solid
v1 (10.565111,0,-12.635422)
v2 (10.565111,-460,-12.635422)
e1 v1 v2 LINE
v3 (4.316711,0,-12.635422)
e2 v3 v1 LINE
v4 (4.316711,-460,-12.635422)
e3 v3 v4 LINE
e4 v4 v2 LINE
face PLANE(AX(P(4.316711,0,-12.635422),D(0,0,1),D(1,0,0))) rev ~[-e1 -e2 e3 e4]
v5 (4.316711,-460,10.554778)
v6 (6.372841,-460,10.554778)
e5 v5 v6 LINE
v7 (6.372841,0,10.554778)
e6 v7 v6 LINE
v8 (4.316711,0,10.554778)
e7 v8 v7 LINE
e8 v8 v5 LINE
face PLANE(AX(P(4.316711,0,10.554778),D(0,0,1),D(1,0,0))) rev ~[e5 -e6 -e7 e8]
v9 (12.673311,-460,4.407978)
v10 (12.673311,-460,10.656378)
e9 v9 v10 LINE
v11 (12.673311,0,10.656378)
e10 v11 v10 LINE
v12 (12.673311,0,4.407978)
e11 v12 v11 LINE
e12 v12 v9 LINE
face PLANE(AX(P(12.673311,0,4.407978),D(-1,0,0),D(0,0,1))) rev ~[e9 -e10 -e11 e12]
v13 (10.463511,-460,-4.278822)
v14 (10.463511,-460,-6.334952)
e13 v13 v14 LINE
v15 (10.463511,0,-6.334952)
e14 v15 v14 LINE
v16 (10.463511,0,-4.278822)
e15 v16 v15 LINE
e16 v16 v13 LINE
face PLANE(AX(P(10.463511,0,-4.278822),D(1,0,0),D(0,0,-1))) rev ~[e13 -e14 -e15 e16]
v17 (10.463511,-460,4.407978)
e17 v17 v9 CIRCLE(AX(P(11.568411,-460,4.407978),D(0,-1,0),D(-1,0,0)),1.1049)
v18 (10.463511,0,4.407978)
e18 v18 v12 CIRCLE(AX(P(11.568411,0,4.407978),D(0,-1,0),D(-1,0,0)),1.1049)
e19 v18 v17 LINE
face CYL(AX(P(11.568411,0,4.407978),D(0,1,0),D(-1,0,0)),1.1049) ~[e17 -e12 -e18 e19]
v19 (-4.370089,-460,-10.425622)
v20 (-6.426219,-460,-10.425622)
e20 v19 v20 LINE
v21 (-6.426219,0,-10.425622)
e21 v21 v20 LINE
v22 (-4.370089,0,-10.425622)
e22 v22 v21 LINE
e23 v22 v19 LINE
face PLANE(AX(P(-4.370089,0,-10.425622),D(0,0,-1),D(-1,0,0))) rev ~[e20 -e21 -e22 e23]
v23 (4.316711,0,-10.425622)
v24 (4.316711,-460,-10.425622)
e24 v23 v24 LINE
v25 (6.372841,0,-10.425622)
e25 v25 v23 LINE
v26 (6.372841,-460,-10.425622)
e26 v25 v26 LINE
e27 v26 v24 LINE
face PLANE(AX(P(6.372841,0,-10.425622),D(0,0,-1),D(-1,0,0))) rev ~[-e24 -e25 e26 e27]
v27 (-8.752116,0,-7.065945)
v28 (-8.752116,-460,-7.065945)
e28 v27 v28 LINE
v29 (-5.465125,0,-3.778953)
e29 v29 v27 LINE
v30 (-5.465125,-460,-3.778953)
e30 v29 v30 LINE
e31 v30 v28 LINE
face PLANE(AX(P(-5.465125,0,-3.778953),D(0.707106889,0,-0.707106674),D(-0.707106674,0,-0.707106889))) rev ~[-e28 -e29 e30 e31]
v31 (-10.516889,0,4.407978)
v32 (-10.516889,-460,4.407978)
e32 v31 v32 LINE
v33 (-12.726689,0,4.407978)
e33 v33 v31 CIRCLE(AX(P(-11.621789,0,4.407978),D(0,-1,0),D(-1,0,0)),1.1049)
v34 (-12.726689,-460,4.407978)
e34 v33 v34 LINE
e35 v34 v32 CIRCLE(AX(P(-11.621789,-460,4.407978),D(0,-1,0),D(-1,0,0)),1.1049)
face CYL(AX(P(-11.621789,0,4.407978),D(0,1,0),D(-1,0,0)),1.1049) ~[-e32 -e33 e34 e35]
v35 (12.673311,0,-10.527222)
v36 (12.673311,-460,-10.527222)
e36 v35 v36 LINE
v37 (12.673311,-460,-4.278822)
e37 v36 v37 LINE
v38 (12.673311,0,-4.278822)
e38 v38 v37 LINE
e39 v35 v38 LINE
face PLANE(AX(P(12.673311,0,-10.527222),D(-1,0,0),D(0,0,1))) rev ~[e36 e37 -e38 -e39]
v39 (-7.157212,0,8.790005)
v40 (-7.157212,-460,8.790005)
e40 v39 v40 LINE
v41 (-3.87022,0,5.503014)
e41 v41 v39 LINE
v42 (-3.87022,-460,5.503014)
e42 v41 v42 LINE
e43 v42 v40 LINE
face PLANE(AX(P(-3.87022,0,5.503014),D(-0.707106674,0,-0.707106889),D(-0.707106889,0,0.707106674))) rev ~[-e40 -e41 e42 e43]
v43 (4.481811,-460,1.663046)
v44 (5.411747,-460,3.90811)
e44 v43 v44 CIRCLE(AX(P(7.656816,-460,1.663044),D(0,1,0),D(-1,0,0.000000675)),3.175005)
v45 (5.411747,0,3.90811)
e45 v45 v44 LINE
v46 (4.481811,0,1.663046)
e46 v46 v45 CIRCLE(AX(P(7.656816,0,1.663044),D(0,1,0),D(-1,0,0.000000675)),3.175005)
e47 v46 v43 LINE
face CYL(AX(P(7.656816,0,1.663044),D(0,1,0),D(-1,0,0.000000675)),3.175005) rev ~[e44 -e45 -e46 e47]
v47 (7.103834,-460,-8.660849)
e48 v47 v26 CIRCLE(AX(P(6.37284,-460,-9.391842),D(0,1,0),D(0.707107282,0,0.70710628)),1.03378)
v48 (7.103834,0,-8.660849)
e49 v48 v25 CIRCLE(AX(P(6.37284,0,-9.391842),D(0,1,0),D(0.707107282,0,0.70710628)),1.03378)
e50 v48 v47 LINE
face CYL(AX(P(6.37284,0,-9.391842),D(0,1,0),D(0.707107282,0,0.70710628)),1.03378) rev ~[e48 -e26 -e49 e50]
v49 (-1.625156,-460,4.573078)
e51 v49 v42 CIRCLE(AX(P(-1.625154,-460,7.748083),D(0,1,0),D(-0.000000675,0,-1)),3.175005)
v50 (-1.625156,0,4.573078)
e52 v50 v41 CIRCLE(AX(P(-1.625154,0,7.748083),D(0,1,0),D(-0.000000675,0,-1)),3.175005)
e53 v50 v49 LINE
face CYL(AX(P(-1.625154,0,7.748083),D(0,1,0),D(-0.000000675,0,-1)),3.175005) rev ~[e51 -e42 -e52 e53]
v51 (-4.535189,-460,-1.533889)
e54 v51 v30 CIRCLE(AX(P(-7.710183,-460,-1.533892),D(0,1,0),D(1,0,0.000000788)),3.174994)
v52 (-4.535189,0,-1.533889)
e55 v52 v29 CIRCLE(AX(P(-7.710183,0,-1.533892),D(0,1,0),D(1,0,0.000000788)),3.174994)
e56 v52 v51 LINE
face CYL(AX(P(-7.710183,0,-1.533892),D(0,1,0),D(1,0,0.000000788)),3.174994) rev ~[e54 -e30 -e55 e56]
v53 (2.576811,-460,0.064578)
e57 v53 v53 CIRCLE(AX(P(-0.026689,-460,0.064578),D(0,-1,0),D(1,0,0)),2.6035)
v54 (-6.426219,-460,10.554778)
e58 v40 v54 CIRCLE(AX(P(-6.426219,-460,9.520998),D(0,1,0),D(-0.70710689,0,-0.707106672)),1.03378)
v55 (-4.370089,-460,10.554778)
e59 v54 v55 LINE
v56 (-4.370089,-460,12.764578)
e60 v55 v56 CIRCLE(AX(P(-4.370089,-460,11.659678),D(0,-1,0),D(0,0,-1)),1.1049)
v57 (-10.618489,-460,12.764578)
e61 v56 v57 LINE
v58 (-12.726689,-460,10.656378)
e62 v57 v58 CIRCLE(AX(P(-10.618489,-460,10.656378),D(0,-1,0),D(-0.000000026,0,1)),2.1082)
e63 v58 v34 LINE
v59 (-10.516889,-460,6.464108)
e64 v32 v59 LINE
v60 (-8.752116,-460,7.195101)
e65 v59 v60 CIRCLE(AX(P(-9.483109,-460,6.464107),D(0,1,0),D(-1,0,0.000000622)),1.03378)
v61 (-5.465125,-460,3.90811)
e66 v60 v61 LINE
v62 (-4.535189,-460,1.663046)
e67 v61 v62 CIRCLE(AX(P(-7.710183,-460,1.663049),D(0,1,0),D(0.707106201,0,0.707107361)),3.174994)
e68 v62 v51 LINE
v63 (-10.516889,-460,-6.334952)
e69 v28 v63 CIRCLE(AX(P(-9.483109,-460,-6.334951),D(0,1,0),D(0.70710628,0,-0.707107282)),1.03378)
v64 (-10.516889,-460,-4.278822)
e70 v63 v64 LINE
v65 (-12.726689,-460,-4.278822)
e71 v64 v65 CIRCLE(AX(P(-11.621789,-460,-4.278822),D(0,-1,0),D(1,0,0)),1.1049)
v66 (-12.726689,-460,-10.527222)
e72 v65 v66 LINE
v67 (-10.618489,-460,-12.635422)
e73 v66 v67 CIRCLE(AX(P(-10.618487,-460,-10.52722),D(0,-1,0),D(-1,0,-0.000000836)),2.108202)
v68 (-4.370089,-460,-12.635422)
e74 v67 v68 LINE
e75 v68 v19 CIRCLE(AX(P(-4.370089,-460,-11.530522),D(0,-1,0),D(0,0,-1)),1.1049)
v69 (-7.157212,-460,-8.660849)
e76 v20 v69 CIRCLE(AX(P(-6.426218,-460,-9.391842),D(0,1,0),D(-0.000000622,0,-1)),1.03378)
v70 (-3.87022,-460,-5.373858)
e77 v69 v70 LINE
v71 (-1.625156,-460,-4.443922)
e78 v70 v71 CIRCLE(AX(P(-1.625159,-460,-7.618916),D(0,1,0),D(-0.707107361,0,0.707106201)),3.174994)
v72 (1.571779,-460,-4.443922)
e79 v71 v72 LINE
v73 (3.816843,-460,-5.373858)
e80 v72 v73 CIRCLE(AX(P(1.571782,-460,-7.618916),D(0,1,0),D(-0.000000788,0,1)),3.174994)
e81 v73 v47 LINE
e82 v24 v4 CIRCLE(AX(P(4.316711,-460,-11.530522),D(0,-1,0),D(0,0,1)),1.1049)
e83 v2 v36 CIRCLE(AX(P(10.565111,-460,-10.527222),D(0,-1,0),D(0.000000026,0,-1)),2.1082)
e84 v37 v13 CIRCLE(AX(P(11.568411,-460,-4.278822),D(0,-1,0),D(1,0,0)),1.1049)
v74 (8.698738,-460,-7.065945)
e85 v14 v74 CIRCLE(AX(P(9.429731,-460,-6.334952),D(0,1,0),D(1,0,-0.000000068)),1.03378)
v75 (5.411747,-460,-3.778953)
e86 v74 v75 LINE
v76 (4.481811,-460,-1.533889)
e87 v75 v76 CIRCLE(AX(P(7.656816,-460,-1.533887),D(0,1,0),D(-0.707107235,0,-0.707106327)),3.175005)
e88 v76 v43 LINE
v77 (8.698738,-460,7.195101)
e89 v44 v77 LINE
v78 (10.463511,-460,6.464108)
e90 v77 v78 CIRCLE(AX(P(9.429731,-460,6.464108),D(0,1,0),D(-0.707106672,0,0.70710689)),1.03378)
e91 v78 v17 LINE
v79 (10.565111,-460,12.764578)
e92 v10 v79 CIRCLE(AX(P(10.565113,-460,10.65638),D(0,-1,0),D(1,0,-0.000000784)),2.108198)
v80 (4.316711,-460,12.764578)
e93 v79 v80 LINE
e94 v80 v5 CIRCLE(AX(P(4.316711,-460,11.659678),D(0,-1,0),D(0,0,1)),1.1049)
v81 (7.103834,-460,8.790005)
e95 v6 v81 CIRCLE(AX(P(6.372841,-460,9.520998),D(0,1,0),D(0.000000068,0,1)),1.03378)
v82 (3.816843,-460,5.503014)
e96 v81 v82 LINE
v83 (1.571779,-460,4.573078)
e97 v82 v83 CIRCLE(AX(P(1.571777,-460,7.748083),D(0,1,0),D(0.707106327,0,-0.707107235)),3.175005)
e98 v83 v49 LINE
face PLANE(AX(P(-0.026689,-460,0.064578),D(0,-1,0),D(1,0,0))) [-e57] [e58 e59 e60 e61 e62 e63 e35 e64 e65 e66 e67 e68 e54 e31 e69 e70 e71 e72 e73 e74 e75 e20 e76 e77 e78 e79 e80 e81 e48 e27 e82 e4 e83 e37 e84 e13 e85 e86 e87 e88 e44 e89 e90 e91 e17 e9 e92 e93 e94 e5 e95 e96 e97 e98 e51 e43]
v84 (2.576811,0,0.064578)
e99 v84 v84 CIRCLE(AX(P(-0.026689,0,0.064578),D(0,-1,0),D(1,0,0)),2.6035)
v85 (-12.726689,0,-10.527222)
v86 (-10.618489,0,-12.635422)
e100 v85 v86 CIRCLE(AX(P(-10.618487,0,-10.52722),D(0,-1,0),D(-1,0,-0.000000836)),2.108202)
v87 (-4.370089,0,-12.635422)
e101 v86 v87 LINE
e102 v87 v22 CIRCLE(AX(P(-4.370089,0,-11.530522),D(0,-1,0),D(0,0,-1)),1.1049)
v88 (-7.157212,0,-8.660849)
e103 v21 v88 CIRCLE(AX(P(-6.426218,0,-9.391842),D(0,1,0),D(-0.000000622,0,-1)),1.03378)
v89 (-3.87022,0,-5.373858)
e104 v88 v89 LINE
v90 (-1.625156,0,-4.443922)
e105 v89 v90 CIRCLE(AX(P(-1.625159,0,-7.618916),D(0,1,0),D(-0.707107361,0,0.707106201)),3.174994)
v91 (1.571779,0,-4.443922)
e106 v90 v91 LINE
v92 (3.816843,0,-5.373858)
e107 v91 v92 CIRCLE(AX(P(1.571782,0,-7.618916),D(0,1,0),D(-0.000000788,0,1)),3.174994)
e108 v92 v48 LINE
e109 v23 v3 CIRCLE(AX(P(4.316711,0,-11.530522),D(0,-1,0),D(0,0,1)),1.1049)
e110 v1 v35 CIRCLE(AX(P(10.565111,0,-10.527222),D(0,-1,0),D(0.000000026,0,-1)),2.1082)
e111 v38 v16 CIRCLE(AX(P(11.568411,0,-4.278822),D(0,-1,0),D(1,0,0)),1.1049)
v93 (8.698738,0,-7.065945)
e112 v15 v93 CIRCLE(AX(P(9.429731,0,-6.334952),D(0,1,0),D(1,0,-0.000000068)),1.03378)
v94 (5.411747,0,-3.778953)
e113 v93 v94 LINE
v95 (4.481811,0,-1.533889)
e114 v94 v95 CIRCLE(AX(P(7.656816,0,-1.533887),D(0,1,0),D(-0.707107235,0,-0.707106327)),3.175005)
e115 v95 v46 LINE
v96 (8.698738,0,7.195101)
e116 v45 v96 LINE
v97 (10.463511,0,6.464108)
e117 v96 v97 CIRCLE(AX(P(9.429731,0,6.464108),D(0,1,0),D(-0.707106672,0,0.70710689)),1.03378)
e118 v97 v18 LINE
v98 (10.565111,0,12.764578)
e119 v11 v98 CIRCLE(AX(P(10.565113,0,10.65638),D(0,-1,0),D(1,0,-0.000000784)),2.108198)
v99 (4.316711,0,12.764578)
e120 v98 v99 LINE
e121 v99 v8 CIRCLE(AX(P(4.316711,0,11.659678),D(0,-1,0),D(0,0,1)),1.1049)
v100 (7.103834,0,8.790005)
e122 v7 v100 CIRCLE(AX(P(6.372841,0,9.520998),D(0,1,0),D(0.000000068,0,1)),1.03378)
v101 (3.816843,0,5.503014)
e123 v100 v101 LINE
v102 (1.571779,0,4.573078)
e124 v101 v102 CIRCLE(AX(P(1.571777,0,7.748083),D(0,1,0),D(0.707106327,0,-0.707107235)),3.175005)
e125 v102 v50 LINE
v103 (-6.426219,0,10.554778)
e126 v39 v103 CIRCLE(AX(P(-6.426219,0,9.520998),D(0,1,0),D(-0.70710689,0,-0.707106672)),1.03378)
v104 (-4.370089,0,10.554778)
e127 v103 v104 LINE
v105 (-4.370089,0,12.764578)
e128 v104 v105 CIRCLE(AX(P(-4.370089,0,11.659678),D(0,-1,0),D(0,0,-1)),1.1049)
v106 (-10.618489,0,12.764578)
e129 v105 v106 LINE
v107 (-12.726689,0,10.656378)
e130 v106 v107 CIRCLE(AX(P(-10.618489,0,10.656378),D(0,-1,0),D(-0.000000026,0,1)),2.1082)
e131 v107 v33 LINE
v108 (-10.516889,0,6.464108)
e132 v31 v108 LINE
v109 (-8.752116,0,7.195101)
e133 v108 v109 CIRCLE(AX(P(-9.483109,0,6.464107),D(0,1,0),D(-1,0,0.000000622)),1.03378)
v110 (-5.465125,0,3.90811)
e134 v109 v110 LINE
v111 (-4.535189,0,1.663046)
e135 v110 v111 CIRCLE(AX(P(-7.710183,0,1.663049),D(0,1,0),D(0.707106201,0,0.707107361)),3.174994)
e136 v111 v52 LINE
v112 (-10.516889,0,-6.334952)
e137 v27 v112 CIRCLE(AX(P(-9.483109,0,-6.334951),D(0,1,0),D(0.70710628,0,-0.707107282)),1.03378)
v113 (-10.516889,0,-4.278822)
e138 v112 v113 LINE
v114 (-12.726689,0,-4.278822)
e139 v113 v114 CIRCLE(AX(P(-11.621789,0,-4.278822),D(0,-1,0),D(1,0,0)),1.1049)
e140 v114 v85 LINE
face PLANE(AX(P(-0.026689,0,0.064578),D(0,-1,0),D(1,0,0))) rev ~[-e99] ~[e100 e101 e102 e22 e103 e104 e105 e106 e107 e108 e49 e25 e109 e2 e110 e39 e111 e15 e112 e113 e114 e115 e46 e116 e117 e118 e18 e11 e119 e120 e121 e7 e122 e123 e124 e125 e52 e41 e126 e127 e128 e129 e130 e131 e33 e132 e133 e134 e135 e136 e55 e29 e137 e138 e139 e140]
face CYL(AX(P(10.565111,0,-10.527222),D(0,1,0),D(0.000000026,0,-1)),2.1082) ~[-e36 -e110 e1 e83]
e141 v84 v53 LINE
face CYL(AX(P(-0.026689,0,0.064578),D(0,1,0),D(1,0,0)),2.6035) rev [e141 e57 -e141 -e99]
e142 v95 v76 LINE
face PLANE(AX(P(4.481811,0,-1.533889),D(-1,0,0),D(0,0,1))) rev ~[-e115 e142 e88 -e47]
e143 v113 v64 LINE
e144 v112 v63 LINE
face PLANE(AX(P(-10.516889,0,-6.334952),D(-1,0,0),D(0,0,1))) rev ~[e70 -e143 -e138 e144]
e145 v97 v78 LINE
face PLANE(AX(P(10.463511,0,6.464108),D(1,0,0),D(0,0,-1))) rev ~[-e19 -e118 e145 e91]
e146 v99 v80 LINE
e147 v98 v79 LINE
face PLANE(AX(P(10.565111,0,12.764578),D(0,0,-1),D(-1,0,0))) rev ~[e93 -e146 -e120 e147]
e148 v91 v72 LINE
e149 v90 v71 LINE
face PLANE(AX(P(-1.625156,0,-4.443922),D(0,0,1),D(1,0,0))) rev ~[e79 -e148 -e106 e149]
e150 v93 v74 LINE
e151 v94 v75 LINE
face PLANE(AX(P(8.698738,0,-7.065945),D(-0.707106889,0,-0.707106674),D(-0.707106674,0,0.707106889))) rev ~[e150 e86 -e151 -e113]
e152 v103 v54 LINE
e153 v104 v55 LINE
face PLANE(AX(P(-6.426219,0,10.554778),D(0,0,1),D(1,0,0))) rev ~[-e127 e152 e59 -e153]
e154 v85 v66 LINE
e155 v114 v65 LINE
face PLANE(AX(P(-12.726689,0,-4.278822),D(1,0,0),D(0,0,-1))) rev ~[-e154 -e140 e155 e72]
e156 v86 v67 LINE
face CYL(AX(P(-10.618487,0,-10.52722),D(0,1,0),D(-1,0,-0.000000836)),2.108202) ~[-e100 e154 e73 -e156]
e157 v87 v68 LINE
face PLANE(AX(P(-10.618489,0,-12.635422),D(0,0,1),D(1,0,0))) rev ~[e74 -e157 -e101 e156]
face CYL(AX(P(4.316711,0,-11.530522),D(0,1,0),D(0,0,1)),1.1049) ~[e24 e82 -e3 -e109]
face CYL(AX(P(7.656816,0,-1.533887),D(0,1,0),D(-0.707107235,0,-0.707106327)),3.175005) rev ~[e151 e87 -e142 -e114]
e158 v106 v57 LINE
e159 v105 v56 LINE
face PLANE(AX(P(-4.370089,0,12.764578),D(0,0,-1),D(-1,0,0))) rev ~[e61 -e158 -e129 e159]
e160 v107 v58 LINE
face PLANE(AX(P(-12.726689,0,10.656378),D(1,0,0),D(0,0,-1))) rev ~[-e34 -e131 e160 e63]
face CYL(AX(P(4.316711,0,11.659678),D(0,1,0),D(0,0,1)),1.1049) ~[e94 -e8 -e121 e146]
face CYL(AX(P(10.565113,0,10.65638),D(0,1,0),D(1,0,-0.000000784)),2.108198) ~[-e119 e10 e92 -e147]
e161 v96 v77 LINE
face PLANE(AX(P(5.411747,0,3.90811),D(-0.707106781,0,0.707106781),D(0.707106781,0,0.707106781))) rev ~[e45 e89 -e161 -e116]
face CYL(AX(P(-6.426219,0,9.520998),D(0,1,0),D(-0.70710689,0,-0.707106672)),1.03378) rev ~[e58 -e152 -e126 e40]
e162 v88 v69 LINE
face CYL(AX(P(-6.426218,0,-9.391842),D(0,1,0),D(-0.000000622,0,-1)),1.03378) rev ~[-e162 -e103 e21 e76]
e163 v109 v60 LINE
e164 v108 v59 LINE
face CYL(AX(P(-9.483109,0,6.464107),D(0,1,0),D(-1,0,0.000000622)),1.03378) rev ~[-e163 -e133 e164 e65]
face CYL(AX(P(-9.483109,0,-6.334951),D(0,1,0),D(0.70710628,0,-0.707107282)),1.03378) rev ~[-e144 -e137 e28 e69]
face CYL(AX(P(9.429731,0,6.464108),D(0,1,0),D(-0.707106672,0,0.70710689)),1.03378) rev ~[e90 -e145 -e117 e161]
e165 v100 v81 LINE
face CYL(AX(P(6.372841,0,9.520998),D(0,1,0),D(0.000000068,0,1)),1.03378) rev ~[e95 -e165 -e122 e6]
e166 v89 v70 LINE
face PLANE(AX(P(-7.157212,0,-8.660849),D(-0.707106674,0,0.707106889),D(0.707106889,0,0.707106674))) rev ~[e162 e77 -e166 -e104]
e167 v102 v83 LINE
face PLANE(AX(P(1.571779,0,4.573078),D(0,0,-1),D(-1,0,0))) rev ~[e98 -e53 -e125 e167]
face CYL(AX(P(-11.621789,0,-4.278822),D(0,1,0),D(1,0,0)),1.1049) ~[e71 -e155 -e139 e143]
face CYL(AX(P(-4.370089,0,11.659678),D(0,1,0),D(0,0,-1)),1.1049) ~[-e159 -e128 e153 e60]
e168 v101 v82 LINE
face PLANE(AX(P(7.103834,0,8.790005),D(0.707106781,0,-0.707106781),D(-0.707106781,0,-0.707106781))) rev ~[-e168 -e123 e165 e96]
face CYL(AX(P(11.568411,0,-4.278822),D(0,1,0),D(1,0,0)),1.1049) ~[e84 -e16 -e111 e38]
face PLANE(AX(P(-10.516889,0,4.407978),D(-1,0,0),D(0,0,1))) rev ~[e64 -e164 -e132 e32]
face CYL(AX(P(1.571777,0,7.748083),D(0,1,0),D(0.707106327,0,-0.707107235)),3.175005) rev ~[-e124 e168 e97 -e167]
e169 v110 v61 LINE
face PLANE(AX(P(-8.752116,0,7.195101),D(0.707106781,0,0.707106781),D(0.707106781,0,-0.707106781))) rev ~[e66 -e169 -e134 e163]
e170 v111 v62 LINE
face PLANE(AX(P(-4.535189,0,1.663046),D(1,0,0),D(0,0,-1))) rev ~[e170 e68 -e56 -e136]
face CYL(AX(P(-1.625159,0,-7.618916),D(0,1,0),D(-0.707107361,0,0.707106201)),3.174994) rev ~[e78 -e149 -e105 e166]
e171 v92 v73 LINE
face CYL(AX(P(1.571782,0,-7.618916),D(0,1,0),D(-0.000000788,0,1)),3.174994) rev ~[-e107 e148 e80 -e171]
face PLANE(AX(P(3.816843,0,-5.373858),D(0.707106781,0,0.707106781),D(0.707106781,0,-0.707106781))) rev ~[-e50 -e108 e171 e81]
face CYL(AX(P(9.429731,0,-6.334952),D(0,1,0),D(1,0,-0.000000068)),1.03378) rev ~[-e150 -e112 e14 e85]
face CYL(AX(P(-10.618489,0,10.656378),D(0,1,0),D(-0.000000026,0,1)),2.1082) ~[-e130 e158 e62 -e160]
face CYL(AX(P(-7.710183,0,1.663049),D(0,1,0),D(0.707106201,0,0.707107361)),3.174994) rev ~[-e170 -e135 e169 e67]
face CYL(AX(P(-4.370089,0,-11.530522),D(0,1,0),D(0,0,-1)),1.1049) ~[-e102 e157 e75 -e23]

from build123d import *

# Parameters (mm, degrees)
F0_R     = 2.6035
F1_DEPTH = 460


with BuildPart() as f1:
    # F0 (on Front) → F1 (new body)
    with BuildSketch(Plane.XZ):
        with BuildLine():
            Line((-4.370089, 12.764578), (-10.618489, 12.764578))
            ThreePointArc((-10.618489, 12.764578), (-12.109211, 12.147101), (-12.726689, 10.656378))
            Line((-12.726689, 10.656378), (-12.726689, 4.407978))
            ThreePointArc((-12.726689, 4.407978), (-11.621789, 3.303078), (-10.516889, 4.407978))
            Line((-10.516889, 4.407978), (-10.516889, 6.464108))
            ThreePointArc((-10.516889, 6.464108), (-9.878719, 7.419196), (-8.752116, 7.195101))
            Line((-8.752116, 7.195101), (-5.465125, 3.90811))
            ThreePointArc((-5.465125, 3.90811), (-4.776871, 2.878066), (-4.535189, 1.663046))
            Line((-4.535189, 1.663046), (-4.535189, -1.533889))
            ThreePointArc((-4.535189, -1.533889), (-4.776871, -2.748909), (-5.465125, -3.778953))
            Line((-5.465125, -3.778953), (-8.752116, -7.065945))
            ThreePointArc((-8.752116, -7.065945), (-9.878719, -7.29004), (-10.516889, -6.334952))
            Line((-10.516889, -6.334952), (-10.516889, -4.278822))
            ThreePointArc((-10.516889, -4.278822), (-11.621789, -3.173922), (-12.726689, -4.278822))
            Line((-12.726689, -4.278822), (-12.726689, -10.527222))
            ThreePointArc((-12.726689, -10.527222), (-12.109211, -12.017944), (-10.618489, -12.635422))
            Line((-10.618489, -12.635422), (-4.370089, -12.635422))
            ThreePointArc((-4.370089, -12.635422), (-3.265189, -11.530522), (-4.370089, -10.425622))
            Line((-4.370089, -10.425622), (-6.426219, -10.425622))
            ThreePointArc((-6.426219, -10.425622), (-7.381307, -9.787452), (-7.157212, -8.660849))
            Line((-7.157212, -8.660849), (-3.87022, -5.373858))
            ThreePointArc((-3.87022, -5.373858), (-2.840176, -4.685604), (-1.625156, -4.443922))
            Line((-1.625156, -4.443922), (1.571779, -4.443922))
            ThreePointArc((1.571779, -4.443922), (2.786799, -4.685604), (3.816843, -5.373858))
            Line((3.816843, -5.373858), (7.103834, -8.660849))
            ThreePointArc((7.103834, -8.660849), (7.327929, -9.787452), (6.372841, -10.425622))
            Line((6.372841, -10.425622), (4.316711, -10.425622))
            ThreePointArc((4.316711, -10.425622), (3.211811, -11.530522), (4.316711, -12.635422))
            Line((4.316711, -12.635422), (10.565111, -12.635422))
            ThreePointArc((10.565111, -12.635422), (12.055834, -12.017944), (12.673311, -10.527222))
            Line((12.673311, -10.527222), (12.673311, -4.278822))
            ThreePointArc((12.673311, -4.278822), (11.568411, -3.173922), (10.463511, -4.278822))
            Line((10.463511, -4.278822), (10.463511, -6.334952))
            ThreePointArc((10.463511, -6.334952), (9.825342, -7.29004), (8.698738, -7.065945))
            Line((8.698738, -7.065945), (5.411747, -3.778953))
            ThreePointArc((5.411747, -3.778953), (4.723494, -2.748909), (4.481811, -1.533889))
            Line((4.481811, -1.533889), (4.481811, 1.663046))
            ThreePointArc((4.481811, 1.663046), (4.723494, 2.878066), (5.411747, 3.90811))
            Line((5.411747, 3.90811), (8.698738, 7.195101))
            ThreePointArc((8.698738, 7.195101), (9.825342, 7.419196), (10.463511, 6.464108))
            Line((10.463511, 6.464108), (10.463511, 4.407978))
            ThreePointArc((10.463511, 4.407978), (11.568411, 3.303078), (12.673311, 4.407978))
            Line((12.673311, 4.407978), (12.673311, 10.656378))
            ThreePointArc((12.673311, 10.656378), (12.055834, 12.147101), (10.565111, 12.764578))
            Line((10.565111, 12.764578), (4.316711, 12.764578))
            ThreePointArc((4.316711, 12.764578), (3.211811, 11.659678), (4.316711, 10.554778))
            Line((4.316711, 10.554778), (6.372841, 10.554778))
            ThreePointArc((6.372841, 10.554778), (7.327929, 9.916609), (7.103834, 8.790005))
            Line((7.103834, 8.790005), (3.816843, 5.503014))
            ThreePointArc((3.816843, 5.503014), (2.786799, 4.814761), (1.571779, 4.573078))
            Line((1.571779, 4.573078), (-1.625156, 4.573078))
            ThreePointArc((-1.625156, 4.573078), (-2.840176, 4.814761), (-3.87022, 5.503014))
            Line((-3.87022, 5.503014), (-7.157212, 8.790005))
            ThreePointArc((-7.157212, 8.790005), (-7.381307, 9.916609), (-6.426219, 10.554778))
            Line((-6.426219, 10.554778), (-4.370089, 10.554778))
            ThreePointArc((-4.370089, 10.554778), (-3.265189, 11.659678), (-4.370089, 12.764578))
        make_face()
        with Locations((-0.026689, 0.064578)):
            Circle(F0_R, mode=Mode.SUBTRACT)
    extrude(amount=F1_DEPTH)


solid = f1.part
